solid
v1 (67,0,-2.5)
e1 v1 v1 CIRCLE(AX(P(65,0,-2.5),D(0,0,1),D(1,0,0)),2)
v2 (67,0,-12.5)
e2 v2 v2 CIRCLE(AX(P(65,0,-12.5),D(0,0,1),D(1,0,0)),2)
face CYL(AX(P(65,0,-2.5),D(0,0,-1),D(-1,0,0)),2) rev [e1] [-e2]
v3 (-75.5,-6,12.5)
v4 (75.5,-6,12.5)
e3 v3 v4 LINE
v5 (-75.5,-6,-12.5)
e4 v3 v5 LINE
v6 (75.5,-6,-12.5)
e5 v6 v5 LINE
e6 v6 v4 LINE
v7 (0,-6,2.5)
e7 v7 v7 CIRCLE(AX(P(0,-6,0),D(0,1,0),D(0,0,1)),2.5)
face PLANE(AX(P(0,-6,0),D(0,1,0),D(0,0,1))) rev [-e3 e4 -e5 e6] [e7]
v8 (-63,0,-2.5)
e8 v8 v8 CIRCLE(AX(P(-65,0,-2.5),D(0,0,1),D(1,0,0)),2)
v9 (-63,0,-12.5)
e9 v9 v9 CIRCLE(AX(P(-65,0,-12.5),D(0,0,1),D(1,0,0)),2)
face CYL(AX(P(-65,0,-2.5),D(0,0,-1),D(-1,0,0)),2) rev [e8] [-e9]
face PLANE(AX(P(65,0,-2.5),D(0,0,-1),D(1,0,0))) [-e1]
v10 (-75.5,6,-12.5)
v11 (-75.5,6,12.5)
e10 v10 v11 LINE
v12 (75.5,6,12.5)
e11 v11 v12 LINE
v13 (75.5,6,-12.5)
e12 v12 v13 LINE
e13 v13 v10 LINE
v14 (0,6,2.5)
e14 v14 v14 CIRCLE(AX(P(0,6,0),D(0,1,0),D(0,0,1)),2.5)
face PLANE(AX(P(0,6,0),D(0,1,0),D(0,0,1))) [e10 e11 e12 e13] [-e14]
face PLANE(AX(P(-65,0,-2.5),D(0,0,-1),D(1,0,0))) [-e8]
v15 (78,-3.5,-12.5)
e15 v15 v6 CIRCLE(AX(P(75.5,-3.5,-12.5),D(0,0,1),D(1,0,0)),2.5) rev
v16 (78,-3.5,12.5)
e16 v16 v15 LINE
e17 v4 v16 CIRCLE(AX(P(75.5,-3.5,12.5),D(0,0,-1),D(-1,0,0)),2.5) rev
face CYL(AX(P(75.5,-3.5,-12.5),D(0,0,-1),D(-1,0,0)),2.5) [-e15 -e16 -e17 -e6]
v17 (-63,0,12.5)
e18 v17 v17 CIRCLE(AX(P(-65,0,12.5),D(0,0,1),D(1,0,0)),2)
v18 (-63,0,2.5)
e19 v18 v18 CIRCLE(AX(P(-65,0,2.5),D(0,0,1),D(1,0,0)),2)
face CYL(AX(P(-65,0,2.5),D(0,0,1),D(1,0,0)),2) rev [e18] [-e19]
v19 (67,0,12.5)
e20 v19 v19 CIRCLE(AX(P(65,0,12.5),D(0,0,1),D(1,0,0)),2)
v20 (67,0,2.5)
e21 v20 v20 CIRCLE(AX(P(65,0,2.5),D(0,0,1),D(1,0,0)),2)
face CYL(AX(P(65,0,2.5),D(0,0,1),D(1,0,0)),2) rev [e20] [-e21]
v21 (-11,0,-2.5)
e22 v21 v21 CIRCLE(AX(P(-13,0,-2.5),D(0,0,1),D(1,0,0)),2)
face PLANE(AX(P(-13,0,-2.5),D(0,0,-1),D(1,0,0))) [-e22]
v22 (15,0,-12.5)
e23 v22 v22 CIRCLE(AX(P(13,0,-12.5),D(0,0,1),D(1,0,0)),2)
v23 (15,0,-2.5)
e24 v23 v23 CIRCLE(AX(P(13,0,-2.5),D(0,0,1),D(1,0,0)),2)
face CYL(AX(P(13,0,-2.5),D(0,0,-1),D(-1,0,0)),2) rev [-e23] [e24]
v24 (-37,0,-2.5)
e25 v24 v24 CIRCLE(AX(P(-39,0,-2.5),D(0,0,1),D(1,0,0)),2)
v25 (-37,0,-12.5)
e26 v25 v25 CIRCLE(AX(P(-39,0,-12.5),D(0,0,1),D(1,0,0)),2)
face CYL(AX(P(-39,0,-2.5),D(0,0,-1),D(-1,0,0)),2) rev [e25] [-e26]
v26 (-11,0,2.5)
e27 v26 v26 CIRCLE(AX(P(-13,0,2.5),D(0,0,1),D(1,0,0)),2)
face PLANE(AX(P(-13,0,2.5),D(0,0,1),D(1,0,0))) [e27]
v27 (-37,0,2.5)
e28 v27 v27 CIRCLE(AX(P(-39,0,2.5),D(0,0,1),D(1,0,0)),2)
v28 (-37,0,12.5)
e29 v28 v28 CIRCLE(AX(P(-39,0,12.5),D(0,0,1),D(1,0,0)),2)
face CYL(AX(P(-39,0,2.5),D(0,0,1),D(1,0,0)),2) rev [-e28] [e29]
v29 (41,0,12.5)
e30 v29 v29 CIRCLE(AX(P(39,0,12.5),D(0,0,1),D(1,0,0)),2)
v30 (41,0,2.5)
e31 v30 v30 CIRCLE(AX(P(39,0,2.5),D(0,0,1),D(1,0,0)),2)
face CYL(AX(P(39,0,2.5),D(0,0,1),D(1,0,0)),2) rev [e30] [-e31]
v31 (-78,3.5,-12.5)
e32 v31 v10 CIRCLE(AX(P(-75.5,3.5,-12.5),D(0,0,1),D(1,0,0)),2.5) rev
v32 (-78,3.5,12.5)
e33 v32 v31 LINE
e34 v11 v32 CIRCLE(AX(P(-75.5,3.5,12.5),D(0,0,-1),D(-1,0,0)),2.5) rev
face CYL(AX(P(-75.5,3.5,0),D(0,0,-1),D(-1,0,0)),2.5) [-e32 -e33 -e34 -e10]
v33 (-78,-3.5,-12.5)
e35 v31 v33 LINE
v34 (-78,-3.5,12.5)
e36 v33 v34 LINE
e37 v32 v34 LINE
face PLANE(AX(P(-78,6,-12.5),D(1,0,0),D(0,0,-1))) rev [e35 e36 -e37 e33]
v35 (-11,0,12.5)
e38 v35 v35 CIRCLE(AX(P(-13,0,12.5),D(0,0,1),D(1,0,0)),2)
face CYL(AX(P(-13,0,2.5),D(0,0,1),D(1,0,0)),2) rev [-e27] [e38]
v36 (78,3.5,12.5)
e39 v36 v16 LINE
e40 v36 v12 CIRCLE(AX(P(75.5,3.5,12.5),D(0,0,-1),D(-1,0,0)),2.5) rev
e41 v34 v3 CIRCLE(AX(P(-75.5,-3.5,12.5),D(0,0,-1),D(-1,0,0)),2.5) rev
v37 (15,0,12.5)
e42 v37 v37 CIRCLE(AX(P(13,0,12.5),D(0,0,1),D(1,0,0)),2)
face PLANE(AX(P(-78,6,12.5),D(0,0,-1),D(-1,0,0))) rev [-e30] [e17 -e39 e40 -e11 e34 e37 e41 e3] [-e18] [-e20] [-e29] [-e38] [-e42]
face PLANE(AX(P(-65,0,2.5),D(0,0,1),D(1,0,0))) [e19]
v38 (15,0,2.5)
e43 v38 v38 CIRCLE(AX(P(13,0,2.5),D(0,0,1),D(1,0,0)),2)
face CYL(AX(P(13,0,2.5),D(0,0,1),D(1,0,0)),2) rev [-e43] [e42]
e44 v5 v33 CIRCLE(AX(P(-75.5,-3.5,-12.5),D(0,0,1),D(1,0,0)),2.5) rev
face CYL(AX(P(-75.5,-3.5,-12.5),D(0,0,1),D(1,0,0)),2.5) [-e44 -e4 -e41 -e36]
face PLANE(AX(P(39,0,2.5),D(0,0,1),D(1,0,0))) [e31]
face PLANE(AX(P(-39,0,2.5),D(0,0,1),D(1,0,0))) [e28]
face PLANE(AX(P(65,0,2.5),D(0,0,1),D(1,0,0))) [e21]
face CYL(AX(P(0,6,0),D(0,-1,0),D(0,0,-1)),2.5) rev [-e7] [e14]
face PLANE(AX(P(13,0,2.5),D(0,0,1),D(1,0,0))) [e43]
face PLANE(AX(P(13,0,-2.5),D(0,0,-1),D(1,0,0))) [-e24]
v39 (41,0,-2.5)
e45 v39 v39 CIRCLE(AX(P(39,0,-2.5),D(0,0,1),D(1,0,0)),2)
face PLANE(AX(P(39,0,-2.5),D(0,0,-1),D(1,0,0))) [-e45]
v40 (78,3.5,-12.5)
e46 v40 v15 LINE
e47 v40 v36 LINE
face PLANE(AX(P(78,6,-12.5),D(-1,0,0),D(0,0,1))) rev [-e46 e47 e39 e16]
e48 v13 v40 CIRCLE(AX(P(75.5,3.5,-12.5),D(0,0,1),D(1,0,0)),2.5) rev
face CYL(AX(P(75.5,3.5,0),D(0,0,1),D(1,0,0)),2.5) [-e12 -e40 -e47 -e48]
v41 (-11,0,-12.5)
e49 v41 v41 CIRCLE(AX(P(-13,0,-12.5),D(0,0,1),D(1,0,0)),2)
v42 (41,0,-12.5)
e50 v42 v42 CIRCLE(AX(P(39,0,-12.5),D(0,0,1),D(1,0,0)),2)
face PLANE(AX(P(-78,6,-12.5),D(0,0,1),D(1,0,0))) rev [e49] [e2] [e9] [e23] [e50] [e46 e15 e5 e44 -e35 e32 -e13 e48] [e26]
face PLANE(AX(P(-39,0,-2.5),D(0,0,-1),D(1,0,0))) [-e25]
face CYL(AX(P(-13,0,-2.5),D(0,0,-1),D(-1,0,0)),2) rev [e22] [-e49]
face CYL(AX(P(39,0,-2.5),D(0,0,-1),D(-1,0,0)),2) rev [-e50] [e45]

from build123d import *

# Parameters (mm, degrees)
SKETCH1_W               = 156
SKETCH1_H               = 25
SKETCH1_R               = 2.5
BOSS_EXTRUDE1_DEPTH     = 6
FILLET1_R               = 2.5
SKETCH2_R               = 2
CUT_EXTRUDE1_DEPTH      = 10
LPATTERN1_COUNT         = 6
LPATTERN1_PITCH         = 26
MIRROR1_COPY_1_SKETCH_R = 2
MIRROR1_COPY_1_DEPTH    = 10
MIRROR1_COPY_2_SKETCH_R = 2
MIRROR1_COPY_2_DEPTH    = 10
MIRROR1_COPY_3_SKETCH_R = 2
MIRROR1_COPY_3_DEPTH    = 10
MIRROR1_COPY_4_SKETCH_R = 2
MIRROR1_COPY_4_DEPTH    = 10
MIRROR1_COPY_5_SKETCH_R = 2
MIRROR1_COPY_5_DEPTH    = 10


with BuildPart() as part:
    # Sketch1 → Boss-Extrude1 (new, symmetric)
    with BuildSketch(Plane(origin=(0, 0, 0), x_dir=(1, 0, 0), z_dir=(0, 1, 0))):
        Rectangle(SKETCH1_W, SKETCH1_H)
        with Locations(Location((0, 0, 0), (0, 0, 270))):
            Circle(SKETCH1_R, mode=Mode.SUBTRACT)
    extrude(amount=BOSS_EXTRUDE1_DEPTH, both=True)

    # Fillet1
    fillet1_edges = [part.edges().sort_by_distance(p)[0] for p in [
        (-78, 6, 0),
        (78, 6, 0),
        (-78, -6, 0),
        (78, -6, 0),
    ]]
    fillet(fillet1_edges, radius=FILLET1_R)

    # Sketch2 → Cut-Extrude1 (cut)
    with BuildSketch(Plane.XY.offset(12.5)):
        with Locations((-65, 0)):
            Circle(SKETCH2_R)
    cut_extrude1 = extrude(amount=-CUT_EXTRUDE1_DEPTH, mode=Mode.SUBTRACT)

    # LPattern1: Cut-Extrude1 ×6
    with Locations(*[(i * LPATTERN1_PITCH, 0, 0) for i in range(1, LPATTERN1_COUNT)]):
        add(cut_extrude1, mode=Mode.SUBTRACT)

    # Mirror1: Cut-Extrude1 across plane
    add(cut_extrude1.mirror(Plane.XY), mode=Mode.SUBTRACT)

    # Mirror1 copy 1 sketch → Mirror1 copy 1 (cut)
    with BuildSketch(Plane(origin=(26, 0, -12.5), x_dir=(1, 0, 0), z_dir=(0, 0, -1))):
        with Locations((-65, 0)):
            Circle(MIRROR1_COPY_1_SKETCH_R)
    extrude(amount=-MIRROR1_COPY_1_DEPTH, mode=Mode.SUBTRACT)

    # Mirror1 copy 2 sketch → Mirror1 copy 2 (cut)
    with BuildSketch(Plane(origin=(52, 0, -12.5), x_dir=(1, 0, 0), z_dir=(0, 0, -1))):
        with Locations((-65, 0)):
            Circle(MIRROR1_COPY_2_SKETCH_R)
    extrude(amount=-MIRROR1_COPY_2_DEPTH, mode=Mode.SUBTRACT)

    # Mirror1 copy 3 sketch → Mirror1 copy 3 (cut)
    with BuildSketch(Plane(origin=(78, 0, -12.5), x_dir=(1, 0, 0), z_dir=(0, 0, -1))):
        with Locations((-65, 0)):
            Circle(MIRROR1_COPY_3_SKETCH_R)
    extrude(amount=-MIRROR1_COPY_3_DEPTH, mode=Mode.SUBTRACT)

    # Mirror1 copy 4 sketch → Mirror1 copy 4 (cut)
    with BuildSketch(Plane(origin=(104, 0, -12.5), x_dir=(1, 0, 0), z_dir=(0, 0, -1))):
        with Locations((-65, 0)):
            Circle(MIRROR1_COPY_4_SKETCH_R)
    extrude(amount=-MIRROR1_COPY_4_DEPTH, mode=Mode.SUBTRACT)

    # Mirror1 copy 5 sketch → Mirror1 copy 5 (cut)
    with BuildSketch(Plane(origin=(130, 0, -12.5), x_dir=(1, 0, 0), z_dir=(0, 0, -1))):
        with Locations((-65, 0)):
            Circle(MIRROR1_COPY_5_SKETCH_R)
    extrude(amount=-MIRROR1_COPY_5_DEPTH, mode=Mode.SUBTRACT)


solid = part.part
